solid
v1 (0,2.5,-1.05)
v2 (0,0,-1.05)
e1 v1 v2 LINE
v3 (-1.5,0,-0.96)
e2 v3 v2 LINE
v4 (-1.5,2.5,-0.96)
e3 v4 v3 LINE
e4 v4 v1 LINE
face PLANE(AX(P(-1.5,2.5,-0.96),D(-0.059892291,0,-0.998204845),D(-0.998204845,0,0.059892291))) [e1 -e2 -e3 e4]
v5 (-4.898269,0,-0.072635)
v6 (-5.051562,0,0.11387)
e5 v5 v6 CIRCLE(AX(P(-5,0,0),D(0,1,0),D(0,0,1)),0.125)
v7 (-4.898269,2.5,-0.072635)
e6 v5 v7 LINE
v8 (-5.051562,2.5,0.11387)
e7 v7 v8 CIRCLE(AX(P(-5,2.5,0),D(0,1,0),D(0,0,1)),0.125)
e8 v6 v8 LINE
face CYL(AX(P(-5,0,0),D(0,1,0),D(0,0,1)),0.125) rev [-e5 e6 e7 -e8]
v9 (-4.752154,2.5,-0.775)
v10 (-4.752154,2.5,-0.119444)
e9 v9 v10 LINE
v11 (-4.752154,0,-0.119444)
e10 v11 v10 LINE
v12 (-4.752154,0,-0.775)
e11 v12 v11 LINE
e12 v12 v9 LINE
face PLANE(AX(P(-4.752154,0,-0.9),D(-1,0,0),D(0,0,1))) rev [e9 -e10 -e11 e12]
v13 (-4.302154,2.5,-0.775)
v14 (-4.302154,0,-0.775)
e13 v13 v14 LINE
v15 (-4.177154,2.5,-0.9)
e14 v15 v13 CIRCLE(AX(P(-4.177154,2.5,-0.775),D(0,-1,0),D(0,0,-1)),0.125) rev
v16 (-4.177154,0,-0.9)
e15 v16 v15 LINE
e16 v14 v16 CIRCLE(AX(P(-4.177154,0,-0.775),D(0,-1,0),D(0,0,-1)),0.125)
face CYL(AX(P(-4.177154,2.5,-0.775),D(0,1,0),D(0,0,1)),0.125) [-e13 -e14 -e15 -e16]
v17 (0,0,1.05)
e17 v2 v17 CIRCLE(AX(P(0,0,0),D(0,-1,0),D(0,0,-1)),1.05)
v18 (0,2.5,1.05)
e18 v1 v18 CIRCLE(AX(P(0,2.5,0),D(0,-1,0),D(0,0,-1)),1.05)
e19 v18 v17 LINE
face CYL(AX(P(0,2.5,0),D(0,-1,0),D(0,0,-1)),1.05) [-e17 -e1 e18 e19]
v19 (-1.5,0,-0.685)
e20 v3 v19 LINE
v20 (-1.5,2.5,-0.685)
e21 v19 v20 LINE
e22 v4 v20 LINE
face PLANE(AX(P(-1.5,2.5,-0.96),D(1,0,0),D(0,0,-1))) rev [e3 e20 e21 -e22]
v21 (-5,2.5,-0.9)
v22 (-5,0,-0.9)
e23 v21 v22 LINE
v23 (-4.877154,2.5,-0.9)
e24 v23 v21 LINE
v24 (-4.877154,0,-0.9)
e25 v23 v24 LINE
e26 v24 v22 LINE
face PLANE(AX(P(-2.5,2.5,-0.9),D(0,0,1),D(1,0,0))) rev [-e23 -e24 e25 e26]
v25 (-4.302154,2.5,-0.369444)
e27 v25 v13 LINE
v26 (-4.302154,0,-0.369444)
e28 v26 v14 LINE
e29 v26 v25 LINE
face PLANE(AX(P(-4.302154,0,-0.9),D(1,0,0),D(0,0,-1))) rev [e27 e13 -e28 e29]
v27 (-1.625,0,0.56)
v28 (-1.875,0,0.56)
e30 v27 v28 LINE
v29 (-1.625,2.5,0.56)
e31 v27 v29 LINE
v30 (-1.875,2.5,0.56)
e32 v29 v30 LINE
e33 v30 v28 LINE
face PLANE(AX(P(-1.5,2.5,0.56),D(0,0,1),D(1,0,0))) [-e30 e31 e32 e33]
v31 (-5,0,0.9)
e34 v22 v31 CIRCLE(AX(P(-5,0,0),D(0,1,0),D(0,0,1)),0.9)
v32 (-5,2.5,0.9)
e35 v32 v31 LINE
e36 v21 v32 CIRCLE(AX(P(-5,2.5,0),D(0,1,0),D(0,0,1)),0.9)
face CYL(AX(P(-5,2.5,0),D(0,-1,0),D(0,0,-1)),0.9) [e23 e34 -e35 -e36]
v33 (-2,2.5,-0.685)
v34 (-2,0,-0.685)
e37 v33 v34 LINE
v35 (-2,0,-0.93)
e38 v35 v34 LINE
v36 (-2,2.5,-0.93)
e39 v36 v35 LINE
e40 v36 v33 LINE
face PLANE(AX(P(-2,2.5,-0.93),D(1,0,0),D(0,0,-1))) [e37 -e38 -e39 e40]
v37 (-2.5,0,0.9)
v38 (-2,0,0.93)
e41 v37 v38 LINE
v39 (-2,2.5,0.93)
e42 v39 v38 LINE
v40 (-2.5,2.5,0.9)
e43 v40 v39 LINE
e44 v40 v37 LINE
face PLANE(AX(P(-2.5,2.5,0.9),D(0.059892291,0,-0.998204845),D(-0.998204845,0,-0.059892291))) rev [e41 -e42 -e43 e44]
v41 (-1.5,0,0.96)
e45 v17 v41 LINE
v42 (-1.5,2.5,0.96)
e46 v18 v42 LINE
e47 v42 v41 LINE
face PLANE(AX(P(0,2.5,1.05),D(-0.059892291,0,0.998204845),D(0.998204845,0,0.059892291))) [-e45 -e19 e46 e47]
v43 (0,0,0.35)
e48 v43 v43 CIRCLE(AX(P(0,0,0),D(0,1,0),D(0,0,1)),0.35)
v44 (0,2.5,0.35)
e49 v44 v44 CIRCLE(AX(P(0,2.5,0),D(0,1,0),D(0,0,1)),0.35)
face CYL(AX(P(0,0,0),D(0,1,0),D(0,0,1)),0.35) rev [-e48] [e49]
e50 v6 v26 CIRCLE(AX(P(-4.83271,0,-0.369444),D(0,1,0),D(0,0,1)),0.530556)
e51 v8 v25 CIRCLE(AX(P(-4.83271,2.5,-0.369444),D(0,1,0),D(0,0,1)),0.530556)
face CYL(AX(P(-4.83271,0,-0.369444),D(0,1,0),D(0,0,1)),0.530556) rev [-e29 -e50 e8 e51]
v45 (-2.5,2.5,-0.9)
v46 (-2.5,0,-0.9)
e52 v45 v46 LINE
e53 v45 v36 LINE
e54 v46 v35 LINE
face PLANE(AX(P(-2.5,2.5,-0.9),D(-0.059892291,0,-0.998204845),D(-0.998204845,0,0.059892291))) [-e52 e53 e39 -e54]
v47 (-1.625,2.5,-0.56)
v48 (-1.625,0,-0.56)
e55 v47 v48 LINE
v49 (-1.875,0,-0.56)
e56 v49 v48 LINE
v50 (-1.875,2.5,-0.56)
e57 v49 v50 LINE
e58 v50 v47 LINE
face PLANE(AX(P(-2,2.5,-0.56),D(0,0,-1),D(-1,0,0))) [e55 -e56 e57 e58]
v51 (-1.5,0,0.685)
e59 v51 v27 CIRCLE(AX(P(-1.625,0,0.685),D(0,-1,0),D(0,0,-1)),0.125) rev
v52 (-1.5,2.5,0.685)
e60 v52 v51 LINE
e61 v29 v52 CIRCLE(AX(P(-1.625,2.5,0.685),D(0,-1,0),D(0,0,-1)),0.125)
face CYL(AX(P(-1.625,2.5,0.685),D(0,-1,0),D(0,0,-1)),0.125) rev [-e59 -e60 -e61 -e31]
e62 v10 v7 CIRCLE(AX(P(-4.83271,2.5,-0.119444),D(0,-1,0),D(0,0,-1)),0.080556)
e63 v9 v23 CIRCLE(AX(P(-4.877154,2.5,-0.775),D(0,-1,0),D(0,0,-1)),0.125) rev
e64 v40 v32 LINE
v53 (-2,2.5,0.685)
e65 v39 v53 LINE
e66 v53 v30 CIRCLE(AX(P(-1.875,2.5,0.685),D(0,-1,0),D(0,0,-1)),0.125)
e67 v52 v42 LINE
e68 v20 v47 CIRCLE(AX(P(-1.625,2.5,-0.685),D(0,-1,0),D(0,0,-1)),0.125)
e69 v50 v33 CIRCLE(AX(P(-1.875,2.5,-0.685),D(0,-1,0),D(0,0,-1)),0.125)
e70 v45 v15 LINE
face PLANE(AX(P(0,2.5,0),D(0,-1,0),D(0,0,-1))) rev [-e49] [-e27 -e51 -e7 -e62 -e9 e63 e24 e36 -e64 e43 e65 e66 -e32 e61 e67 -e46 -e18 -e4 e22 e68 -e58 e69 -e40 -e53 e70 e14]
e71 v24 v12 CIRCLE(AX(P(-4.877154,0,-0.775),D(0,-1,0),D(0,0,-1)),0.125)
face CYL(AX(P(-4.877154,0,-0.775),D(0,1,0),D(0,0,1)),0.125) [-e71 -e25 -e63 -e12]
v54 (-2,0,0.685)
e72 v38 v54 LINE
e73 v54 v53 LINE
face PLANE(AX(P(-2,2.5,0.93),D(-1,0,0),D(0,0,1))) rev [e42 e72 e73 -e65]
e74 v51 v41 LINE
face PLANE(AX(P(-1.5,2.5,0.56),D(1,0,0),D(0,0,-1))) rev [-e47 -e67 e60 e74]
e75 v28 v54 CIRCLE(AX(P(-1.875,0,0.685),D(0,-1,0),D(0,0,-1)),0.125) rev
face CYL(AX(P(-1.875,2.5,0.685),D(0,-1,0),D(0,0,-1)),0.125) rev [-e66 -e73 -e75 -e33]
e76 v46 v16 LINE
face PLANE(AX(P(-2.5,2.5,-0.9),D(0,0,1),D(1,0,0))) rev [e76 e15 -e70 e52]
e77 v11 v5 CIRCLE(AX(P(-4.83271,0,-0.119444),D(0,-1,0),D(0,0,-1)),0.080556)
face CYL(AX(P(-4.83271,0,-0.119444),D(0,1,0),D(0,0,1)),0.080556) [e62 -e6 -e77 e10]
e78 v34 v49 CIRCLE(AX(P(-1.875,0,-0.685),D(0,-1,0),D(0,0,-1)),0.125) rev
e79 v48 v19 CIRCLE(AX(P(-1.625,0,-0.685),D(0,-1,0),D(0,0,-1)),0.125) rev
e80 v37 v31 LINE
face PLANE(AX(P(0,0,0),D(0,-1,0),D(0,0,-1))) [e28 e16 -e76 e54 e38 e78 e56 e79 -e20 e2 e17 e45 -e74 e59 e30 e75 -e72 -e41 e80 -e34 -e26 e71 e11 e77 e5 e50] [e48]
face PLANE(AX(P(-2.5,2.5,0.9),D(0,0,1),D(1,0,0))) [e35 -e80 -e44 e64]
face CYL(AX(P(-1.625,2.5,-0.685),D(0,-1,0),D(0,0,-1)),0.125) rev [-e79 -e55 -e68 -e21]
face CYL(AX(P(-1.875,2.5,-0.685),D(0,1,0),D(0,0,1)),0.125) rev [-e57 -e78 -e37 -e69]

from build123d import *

# Parameters (mm, degrees)
BOSS_EXTRUDE1_DEPTH = 2.5
SKETCH4_R           = 0.35
THROUGH_HOLES_DEPTH = 7.493265742
FILLET1_R           = 0.125


with BuildPart() as part:
    # Sketch3 → Boss-Extrude1 (new body)
    with BuildSketch(Plane(origin=(0, 0, 0), x_dir=(1, 0, 0), z_dir=(0, 1, 0))):
        with BuildLine():
            Line((-2.5, 0.9), (-2, 0.93))
            Line((-2, 0.93), (-2, 0.56))
            Line((-2, 0.56), (-1.5, 0.56))
            Line((-1.5, 0.56), (-1.5, 0.96))
            Line((-1.5, 0.96), (0, 1.05))
            ThreePointArc((0, 1.05), (1.05, 0), (0, -1.05))
            Line((0, -1.05), (-1.5, -0.96))
            Line((-1.5, -0.96), (-1.5, -0.56))
            Line((-1.5, -0.56), (-2, -0.56))
            Line((-2, -0.56), (-2, -0.93))
            Line((-2, -0.93), (-2.5, -0.9))
            Line((-2.5, -0.9), (-5, -0.9))
            ThreePointArc((-5, -0.9), (-5.9, 0), (-5, 0.9))
            Line((-5, 0.9), (-2.5, 0.9))
        make_face()
    extrude(amount=BOSS_EXTRUDE1_DEPTH)

    # Sketch4 → Through Holes (cut, through all)
    with BuildSketch(Plane(origin=(0, 2.5, 0), x_dir=(1, 0, 0), z_dir=(0, 1, 0))):
        with Locations(Location((0, 0, 0), (0, 0, 270))):
            Circle(SKETCH4_R)
        with BuildLine():
            Line((-4.752153945, 0.9), (-4.302153945, 0.9))
            Line((-4.302153945, 0.9), (-4.302153945, 0.369444444))
            ThreePointArc((-4.302153945, 0.369444444), (-4.545154537, -0.076426995), (-5.05156214, -0.113869863))
            ThreePointArc((-5.05156214, -0.113869863), (-5.096567334, 0.079370965), (-4.898269291, 0.072635135))
            ThreePointArc((-4.898269291, 0.072635135), (-4.808133169, 0.042729378), (-4.752153945, 0.119444444))
            Line((-4.752153945, 0.119444444), (-4.752153945, 0.9))
        make_face()
    extrude(amount=-THROUGH_HOLES_DEPTH, mode=Mode.SUBTRACT)

    # Fillet1
    fillet1_edges = [part.edges().sort_by_distance(p)[0] for p in [
        (-2, 1.25, 0.56),
        (-1.5, 1.25, 0.56),
        (-1.5, 1.25, -0.56),
        (-2, 1.25, -0.56),
        (-4.752153945, 1.25, -0.9),
        (-4.302153945, 1.25, -0.9),
    ]]
    fillet(fillet1_edges, radius=FILLET1_R)


solid = part.part
